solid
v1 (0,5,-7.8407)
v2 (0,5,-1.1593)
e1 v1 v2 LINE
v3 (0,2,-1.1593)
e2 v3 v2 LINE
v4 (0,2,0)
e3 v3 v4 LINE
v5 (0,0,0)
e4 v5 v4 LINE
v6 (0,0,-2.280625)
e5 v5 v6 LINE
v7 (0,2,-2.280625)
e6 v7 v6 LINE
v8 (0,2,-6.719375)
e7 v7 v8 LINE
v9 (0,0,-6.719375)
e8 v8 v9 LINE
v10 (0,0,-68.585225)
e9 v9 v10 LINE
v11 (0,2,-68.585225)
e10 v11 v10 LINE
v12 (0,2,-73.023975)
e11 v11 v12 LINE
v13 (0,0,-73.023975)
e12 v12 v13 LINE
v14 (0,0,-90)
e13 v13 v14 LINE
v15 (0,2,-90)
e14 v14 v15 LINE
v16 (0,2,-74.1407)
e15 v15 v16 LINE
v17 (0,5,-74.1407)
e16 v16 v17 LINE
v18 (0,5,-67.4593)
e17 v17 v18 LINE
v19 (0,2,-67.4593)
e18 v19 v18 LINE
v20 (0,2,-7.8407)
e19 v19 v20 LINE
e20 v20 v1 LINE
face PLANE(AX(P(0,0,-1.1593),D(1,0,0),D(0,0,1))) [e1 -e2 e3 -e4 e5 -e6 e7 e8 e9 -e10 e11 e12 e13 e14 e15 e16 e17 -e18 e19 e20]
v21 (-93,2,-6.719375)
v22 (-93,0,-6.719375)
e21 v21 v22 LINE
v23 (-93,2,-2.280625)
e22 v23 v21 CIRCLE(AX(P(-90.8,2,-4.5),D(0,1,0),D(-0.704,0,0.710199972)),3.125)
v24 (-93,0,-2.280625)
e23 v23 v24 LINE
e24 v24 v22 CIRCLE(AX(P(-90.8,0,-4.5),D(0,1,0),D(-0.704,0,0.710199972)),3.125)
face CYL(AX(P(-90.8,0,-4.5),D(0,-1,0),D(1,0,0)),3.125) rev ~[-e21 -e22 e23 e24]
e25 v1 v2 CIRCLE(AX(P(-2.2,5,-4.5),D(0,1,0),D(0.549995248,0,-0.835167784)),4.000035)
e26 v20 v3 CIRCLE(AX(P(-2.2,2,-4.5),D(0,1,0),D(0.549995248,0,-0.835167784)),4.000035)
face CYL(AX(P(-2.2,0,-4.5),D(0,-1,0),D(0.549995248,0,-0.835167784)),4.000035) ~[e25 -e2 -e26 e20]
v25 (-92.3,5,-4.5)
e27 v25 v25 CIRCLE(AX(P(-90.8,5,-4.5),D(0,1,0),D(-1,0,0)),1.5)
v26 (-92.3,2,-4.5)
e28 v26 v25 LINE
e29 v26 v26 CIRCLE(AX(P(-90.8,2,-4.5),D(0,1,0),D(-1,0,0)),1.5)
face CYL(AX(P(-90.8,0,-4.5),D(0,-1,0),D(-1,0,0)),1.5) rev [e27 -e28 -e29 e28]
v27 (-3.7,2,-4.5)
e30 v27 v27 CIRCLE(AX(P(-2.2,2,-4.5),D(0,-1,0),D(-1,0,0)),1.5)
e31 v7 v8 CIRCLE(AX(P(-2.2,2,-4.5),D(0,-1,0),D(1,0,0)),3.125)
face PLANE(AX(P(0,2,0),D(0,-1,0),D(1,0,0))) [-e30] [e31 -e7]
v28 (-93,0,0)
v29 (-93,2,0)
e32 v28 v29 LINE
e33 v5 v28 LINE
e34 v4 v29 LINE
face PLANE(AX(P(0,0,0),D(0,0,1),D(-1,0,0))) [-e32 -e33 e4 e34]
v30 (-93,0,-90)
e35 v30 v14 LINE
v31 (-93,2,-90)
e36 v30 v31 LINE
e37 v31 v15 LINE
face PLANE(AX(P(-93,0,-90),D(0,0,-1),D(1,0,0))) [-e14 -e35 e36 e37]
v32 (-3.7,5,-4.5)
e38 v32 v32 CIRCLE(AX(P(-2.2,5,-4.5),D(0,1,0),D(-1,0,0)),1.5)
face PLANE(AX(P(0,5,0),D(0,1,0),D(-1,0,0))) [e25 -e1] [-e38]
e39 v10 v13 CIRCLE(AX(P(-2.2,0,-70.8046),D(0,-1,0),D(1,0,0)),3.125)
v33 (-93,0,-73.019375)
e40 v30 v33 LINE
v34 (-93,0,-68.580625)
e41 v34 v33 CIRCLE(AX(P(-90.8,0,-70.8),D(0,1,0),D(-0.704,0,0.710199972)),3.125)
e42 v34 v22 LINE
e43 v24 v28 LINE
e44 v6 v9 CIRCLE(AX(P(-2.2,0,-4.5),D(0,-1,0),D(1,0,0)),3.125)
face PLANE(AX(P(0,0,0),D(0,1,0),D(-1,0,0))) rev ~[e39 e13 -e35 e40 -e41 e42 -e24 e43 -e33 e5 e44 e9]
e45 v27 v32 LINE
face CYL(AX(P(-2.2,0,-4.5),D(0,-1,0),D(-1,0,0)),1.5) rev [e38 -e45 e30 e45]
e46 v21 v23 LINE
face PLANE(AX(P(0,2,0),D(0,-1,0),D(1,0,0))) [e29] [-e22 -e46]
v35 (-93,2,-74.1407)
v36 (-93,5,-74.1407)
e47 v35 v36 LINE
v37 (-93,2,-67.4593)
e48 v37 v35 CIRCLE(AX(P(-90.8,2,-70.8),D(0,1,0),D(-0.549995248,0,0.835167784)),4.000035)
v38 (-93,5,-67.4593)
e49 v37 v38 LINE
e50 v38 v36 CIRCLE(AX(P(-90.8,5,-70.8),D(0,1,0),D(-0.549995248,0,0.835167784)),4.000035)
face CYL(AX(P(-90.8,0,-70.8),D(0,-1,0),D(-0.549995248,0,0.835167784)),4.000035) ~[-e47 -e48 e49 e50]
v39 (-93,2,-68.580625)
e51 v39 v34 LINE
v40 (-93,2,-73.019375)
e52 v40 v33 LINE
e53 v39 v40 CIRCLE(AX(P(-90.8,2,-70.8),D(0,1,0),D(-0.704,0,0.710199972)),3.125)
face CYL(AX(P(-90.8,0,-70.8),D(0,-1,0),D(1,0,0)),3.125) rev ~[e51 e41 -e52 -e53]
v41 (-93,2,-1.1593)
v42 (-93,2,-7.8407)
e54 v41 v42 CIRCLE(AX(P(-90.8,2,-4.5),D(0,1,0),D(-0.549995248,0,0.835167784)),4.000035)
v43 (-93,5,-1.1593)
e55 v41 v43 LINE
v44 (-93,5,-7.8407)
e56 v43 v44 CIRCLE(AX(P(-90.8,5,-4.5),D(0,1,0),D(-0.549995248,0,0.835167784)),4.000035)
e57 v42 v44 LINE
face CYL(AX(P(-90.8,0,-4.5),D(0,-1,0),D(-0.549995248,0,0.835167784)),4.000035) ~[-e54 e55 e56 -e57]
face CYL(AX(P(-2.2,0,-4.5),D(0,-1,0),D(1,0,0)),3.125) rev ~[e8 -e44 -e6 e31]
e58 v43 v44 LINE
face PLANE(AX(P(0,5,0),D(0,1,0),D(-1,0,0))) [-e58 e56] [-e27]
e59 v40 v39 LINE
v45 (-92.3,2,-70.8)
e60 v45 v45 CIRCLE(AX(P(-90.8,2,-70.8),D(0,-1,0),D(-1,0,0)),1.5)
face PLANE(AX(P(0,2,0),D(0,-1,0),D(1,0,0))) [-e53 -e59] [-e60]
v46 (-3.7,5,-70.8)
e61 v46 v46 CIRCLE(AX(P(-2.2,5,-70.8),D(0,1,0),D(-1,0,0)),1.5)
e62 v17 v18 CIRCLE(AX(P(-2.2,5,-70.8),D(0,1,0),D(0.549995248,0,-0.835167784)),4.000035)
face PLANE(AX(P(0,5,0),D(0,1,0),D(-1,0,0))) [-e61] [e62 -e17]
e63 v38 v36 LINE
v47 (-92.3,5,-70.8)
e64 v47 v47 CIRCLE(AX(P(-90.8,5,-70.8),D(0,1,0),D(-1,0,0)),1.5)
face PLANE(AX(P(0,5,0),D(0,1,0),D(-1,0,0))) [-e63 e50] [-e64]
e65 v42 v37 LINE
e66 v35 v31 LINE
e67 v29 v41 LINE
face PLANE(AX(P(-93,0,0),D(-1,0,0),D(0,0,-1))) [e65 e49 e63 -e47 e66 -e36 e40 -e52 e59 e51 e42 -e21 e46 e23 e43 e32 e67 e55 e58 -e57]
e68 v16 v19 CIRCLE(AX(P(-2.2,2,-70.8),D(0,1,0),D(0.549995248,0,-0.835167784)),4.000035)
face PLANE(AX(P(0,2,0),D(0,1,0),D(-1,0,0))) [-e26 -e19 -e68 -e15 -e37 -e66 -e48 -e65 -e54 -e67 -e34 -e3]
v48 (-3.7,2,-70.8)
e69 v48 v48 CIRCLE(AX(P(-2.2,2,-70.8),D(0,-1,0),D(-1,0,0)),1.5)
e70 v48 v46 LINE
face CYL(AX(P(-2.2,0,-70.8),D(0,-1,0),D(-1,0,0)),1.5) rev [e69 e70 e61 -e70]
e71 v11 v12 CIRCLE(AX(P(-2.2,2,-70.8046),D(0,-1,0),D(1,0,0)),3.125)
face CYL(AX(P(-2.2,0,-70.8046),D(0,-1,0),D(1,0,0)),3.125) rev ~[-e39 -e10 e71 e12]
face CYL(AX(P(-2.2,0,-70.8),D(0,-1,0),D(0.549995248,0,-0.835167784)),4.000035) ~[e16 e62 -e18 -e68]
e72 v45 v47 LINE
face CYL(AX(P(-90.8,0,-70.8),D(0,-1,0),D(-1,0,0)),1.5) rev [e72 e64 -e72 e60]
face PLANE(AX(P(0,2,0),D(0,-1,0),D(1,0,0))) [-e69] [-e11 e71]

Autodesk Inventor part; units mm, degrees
ref_plane "YZ Plane" through (0, 0, 0) normal (1, 0, 0) x (0, 1, 0)
ref_plane "XZ Plane" through (0, 0, 0) normal (0, 1, 0) x (-1, 0, 0)
ref_plane "XY Plane" through (0, 0, 0) normal (0, 0, 1) x (1, 0, 0)
sketch "Sketch1" plane through (0, 0, 0) normal (0, 1, 0) x (-1, 0, 0)
  line L0 (0, 0) -> (93, 0)
  line L1 (93, 0) -> (93, -90)
  line L2 (93, -90) -> (0, -90)
  line L3 (0, -90) -> (0, 0)
  circle A0 centre (90.8, -4.5) radius 1.5
  circle A1 centre (90.8, -70.8) radius 1.5
  circle A2 centre (2.2, -4.5) radius 1.5
  circle A3 centre (2.2, -70.8) radius 1.5
  arc A4 (0, -74.1407) -> (0, -67.4593) centre (2.2, -70.8) ccw
  arc A5 (0, -7.8407) -> (0, -1.1593) centre (2.2, -4.5) ccw
  arc A6 (93, -67.4593) -> (93, -74.1407) centre (90.8, -70.8) ccw
  arc A7 (93, -1.1593) -> (93, -7.8407) centre (90.8, -4.5) ccw
  dimension "d0" = 93
  dimension "d1" = 90
  dimension "d13" = 3
  dimension "d14" = 3
  dimension "d15" = 3
  dimension "d39" = 8
  dimension "d40" = 8
  dimension "d41" = 8
  dimension "d42" = 8
extrude "Extrusion6" add sketch "Sketch1" along normal blind 2 contours L0 L1 A7 A6 L2 L3 A4 A5
extrude "Extrusion7" add sketch "Sketch1" along normal blind 5 contours A5 L3 | L1 A7 | A4 L3 | L1 A6
sketch "Sketch4" plane through (0, 0, 0) normal (0, -1, 0) x (1, 0, 0)
  circle A0 centre (-2.2, -4.5) radius 1.5 projected
  circle A1 centre (-2.2, -4.5) radius 3.125
  circle A2 centre (-2.2, -70.8046) radius 3.125
  circle A3 centre (-90.8, -4.5) radius 1.5 projected
  circle A4 centre (-90.8, -4.5) radius 3.125
  circle A5 centre (-90.8, -70.8) radius 1.5 projected
  circle A6 centre (-90.8, -70.8) radius 3.125
  point P0 (0, 0)
  dimension "d47" = 6.25
  dimension "d48" = 6.25
  dimension "d49" = 6.25
  dimension "d50" = 6.25
extrude "Extrusion8" cut sketch "Sketch4" against normal blind 2 contours A0 | A1 | A2 | A4 | A5 | A6
properties part number "caseBack"
